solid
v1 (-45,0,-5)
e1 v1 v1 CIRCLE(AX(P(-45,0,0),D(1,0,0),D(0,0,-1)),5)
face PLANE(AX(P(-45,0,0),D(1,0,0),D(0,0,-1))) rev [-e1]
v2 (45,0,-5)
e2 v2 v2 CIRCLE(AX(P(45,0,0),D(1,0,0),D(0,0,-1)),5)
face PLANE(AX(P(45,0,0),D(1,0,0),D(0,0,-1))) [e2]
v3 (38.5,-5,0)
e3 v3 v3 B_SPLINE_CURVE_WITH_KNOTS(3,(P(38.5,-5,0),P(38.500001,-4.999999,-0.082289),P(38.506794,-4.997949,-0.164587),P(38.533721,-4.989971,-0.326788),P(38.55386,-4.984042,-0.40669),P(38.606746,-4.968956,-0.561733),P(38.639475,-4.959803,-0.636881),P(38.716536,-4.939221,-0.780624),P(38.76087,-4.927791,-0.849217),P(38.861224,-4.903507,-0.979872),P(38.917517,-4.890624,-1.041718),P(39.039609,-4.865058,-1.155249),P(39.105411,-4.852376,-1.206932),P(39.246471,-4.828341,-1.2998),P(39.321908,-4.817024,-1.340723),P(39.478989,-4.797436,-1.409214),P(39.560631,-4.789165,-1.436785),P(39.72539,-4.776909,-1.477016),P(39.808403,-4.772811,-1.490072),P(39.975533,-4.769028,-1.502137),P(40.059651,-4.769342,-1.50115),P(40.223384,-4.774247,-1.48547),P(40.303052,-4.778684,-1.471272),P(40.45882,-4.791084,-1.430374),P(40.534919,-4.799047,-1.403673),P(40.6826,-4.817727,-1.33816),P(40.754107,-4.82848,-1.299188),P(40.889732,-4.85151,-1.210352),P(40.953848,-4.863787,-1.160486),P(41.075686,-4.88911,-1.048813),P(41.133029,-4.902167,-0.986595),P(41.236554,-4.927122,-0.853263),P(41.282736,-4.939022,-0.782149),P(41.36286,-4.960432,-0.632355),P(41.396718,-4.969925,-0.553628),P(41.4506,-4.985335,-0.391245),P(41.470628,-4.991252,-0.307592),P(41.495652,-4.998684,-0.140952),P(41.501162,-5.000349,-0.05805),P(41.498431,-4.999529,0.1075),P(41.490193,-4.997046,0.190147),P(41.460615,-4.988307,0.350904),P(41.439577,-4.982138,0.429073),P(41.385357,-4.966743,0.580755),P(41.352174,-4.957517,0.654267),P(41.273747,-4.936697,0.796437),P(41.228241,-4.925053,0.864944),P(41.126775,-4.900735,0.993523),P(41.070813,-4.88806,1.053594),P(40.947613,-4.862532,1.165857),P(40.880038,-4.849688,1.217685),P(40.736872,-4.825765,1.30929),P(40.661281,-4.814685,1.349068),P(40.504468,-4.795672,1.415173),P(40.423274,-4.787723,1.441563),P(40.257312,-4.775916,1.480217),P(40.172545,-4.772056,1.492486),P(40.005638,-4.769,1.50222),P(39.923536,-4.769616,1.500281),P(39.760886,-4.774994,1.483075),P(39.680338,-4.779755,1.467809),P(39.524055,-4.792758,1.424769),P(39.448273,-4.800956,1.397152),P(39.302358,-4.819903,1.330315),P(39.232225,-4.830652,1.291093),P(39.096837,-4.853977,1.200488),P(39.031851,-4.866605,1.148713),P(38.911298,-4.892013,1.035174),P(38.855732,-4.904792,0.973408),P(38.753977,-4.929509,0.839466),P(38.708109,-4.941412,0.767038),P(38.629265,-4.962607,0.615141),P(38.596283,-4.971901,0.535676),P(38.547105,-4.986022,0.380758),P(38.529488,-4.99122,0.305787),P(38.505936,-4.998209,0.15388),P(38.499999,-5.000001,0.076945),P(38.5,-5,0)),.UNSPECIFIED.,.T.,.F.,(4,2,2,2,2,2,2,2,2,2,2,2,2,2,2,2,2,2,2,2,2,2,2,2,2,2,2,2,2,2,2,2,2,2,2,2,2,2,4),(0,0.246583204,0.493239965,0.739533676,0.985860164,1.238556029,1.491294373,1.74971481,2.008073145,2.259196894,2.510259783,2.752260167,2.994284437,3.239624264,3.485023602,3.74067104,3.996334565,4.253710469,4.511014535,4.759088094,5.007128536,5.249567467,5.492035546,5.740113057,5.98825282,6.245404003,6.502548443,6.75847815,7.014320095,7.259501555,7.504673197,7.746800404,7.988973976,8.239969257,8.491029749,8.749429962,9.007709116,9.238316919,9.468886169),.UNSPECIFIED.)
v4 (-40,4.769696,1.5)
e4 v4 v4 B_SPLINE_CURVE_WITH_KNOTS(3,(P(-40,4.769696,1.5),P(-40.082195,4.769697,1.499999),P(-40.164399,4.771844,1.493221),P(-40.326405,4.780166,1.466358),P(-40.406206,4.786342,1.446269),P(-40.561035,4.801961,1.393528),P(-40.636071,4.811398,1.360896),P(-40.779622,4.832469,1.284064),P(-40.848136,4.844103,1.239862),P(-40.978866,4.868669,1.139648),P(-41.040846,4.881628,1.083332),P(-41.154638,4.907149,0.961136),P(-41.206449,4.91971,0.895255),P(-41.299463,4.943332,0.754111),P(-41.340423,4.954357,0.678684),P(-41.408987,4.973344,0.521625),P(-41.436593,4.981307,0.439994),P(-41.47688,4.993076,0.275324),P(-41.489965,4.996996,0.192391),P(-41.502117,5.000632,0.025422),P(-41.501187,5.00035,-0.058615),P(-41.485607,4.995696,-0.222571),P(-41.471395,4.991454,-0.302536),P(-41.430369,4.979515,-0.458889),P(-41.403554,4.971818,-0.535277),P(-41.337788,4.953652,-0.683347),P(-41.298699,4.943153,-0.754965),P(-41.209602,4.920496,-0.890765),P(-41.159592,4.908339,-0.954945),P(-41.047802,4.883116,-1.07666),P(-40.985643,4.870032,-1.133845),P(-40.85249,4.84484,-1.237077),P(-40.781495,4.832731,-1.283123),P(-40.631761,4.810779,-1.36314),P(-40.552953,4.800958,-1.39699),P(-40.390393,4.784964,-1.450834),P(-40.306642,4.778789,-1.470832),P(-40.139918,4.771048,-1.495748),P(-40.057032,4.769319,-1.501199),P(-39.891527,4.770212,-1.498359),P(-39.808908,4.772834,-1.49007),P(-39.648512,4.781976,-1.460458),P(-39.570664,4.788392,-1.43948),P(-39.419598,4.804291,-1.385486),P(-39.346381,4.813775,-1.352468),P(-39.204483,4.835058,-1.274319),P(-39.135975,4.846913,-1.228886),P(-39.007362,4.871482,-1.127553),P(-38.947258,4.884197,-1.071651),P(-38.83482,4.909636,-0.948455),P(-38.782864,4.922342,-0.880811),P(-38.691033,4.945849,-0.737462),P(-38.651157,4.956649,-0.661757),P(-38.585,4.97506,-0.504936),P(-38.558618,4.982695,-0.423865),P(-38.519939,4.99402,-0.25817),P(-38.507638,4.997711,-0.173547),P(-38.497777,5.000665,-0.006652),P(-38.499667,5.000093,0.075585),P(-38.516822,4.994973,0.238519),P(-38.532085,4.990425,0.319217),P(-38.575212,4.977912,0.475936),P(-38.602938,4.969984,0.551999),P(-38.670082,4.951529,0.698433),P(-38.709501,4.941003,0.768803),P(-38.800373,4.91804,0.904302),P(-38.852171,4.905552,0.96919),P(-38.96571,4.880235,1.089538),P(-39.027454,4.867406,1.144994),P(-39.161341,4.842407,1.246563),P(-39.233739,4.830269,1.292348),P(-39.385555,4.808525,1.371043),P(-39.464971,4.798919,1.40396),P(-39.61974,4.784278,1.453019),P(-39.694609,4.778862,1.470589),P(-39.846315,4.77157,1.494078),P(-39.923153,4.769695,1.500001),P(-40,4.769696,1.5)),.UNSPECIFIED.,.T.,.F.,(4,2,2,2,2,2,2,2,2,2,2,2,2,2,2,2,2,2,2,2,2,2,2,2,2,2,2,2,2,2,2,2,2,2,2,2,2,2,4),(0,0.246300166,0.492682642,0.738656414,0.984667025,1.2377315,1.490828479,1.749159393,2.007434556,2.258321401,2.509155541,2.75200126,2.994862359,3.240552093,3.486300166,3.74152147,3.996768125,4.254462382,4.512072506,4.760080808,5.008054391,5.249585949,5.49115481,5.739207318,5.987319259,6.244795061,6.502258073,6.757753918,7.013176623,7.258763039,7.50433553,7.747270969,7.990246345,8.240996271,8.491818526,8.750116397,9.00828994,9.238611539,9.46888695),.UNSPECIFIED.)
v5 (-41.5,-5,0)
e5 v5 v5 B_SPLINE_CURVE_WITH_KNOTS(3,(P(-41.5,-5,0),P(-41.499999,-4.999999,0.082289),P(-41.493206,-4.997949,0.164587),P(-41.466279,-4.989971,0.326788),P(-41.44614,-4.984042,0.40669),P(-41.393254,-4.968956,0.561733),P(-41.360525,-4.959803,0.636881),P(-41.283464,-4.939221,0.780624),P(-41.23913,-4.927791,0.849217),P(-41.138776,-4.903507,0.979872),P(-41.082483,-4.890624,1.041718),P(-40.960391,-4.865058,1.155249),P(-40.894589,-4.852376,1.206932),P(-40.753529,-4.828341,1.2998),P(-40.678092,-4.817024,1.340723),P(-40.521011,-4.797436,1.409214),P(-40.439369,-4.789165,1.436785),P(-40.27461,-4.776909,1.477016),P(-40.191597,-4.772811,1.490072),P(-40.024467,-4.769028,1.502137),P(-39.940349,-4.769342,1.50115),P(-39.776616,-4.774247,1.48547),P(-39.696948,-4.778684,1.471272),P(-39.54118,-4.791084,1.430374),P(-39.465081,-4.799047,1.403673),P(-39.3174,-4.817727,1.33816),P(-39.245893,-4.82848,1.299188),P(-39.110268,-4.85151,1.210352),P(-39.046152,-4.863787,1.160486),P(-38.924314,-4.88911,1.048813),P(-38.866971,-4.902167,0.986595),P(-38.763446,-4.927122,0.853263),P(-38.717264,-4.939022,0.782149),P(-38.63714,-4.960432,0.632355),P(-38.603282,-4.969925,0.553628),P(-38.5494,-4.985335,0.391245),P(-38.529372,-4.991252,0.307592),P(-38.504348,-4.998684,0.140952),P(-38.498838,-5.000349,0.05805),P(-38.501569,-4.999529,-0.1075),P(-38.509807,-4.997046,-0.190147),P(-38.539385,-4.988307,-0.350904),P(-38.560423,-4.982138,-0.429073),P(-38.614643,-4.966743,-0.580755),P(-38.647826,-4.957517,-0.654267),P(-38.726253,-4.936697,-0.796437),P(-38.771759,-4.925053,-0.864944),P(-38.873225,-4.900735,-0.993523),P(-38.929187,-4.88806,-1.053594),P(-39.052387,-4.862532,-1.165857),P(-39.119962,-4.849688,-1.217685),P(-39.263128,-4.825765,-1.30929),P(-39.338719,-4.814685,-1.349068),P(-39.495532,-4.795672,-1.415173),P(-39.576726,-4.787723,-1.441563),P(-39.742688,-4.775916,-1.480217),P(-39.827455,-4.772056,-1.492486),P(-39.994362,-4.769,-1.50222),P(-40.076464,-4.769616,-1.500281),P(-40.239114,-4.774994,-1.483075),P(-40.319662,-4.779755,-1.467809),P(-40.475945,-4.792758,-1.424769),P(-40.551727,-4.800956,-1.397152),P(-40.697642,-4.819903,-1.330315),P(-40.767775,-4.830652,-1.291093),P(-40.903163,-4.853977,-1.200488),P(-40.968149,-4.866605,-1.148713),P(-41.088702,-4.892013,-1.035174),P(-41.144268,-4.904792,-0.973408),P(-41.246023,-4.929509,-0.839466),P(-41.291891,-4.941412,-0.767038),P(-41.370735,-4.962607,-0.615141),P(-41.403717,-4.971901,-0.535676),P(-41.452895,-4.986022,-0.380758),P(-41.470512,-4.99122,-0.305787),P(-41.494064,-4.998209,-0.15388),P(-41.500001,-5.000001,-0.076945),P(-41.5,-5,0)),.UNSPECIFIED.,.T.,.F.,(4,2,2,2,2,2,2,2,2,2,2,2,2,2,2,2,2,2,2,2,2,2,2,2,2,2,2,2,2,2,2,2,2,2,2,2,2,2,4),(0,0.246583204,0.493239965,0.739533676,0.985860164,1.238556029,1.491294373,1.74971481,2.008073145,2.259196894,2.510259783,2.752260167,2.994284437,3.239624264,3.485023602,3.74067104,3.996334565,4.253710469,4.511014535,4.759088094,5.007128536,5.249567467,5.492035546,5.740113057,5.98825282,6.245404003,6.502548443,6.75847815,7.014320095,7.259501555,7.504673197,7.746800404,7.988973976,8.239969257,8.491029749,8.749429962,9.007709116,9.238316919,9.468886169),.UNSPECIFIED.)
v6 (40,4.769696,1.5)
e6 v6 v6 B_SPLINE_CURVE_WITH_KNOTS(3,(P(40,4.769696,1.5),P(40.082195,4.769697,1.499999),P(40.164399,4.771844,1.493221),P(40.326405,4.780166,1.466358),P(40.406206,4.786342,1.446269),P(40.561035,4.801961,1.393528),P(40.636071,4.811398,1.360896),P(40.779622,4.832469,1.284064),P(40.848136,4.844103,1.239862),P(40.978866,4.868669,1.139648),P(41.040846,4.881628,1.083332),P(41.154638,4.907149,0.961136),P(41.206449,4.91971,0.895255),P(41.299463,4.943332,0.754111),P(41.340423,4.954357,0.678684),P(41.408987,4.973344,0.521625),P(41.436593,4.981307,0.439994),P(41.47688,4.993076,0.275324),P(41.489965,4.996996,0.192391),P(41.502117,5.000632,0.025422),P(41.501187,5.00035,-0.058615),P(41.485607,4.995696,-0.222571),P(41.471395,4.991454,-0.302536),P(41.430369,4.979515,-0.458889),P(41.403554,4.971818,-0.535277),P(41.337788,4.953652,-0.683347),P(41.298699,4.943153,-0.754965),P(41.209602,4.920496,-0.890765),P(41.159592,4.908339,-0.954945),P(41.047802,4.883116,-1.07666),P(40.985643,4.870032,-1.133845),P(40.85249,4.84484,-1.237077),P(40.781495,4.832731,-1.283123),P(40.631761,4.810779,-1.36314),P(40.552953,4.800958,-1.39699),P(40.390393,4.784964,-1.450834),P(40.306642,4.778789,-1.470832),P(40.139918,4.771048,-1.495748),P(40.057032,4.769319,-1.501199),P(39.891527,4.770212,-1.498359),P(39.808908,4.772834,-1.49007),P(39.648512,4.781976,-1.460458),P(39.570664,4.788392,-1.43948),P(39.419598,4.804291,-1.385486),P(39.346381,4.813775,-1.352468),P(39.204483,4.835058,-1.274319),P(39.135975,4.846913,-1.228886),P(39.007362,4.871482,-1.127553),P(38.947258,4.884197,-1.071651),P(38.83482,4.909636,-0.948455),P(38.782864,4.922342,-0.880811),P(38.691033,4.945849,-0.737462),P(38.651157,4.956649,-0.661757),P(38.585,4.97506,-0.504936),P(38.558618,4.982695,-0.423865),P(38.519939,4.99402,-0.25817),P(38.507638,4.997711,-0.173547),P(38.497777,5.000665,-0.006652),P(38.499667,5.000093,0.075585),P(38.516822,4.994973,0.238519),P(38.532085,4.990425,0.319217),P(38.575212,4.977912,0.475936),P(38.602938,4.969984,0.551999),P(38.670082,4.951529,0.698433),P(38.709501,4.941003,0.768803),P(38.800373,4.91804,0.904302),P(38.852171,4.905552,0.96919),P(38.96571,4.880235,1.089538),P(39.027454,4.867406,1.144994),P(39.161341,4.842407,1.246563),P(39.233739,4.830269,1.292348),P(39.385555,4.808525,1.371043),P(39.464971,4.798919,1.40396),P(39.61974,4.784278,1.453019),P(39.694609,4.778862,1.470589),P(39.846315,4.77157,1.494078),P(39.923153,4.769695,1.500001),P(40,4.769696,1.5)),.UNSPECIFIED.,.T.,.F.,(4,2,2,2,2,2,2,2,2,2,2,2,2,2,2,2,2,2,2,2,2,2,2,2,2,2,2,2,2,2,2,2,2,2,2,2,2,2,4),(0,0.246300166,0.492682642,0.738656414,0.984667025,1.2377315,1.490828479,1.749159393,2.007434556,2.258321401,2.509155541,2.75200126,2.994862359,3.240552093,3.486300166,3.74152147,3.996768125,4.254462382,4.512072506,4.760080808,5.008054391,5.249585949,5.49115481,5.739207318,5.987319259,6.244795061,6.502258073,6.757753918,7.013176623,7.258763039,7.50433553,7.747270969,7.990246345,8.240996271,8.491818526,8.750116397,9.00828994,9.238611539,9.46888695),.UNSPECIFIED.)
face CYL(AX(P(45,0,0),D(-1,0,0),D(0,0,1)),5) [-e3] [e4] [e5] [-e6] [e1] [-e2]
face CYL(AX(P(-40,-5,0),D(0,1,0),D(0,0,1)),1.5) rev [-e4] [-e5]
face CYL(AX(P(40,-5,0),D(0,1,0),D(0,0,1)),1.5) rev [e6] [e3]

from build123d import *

# Parameters (mm, degrees)
SKETCH1_R           = 5
BOSS_EXTRUDE1_DEPTH = 45
SKETCH4_R           = 1.5
CUT_EXTRUDE1_DEPTH  = 46.552167896


with BuildPart() as part:
    # Sketch1 → Boss-Extrude1 (new, symmetric)
    with BuildSketch(Plane(origin=(0, 0, 0), x_dir=(0, 0, -1), z_dir=(1, 0, 0))):
        Circle(SKETCH1_R)
    extrude(amount=BOSS_EXTRUDE1_DEPTH, both=True)

    # Sketch4 → Cut-Extrude1 (cut, symmetric)
    with BuildSketch(Plane(origin=(0, 0, 0), x_dir=(1, 0, 0), z_dir=(0, 1, 0))):
        with Locations((-40, 0)):
            Circle(SKETCH4_R)
    cut_extrude1 = extrude(amount=CUT_EXTRUDE1_DEPTH, both=True, mode=Mode.SUBTRACT)

    # Mirror1: Cut-Extrude1 across plane
    add(cut_extrude1.mirror(Plane(origin=(0, 0, 0), x_dir=(0, 0, 1), z_dir=(1, 0, 0))), mode=Mode.SUBTRACT)


solid = part.part
